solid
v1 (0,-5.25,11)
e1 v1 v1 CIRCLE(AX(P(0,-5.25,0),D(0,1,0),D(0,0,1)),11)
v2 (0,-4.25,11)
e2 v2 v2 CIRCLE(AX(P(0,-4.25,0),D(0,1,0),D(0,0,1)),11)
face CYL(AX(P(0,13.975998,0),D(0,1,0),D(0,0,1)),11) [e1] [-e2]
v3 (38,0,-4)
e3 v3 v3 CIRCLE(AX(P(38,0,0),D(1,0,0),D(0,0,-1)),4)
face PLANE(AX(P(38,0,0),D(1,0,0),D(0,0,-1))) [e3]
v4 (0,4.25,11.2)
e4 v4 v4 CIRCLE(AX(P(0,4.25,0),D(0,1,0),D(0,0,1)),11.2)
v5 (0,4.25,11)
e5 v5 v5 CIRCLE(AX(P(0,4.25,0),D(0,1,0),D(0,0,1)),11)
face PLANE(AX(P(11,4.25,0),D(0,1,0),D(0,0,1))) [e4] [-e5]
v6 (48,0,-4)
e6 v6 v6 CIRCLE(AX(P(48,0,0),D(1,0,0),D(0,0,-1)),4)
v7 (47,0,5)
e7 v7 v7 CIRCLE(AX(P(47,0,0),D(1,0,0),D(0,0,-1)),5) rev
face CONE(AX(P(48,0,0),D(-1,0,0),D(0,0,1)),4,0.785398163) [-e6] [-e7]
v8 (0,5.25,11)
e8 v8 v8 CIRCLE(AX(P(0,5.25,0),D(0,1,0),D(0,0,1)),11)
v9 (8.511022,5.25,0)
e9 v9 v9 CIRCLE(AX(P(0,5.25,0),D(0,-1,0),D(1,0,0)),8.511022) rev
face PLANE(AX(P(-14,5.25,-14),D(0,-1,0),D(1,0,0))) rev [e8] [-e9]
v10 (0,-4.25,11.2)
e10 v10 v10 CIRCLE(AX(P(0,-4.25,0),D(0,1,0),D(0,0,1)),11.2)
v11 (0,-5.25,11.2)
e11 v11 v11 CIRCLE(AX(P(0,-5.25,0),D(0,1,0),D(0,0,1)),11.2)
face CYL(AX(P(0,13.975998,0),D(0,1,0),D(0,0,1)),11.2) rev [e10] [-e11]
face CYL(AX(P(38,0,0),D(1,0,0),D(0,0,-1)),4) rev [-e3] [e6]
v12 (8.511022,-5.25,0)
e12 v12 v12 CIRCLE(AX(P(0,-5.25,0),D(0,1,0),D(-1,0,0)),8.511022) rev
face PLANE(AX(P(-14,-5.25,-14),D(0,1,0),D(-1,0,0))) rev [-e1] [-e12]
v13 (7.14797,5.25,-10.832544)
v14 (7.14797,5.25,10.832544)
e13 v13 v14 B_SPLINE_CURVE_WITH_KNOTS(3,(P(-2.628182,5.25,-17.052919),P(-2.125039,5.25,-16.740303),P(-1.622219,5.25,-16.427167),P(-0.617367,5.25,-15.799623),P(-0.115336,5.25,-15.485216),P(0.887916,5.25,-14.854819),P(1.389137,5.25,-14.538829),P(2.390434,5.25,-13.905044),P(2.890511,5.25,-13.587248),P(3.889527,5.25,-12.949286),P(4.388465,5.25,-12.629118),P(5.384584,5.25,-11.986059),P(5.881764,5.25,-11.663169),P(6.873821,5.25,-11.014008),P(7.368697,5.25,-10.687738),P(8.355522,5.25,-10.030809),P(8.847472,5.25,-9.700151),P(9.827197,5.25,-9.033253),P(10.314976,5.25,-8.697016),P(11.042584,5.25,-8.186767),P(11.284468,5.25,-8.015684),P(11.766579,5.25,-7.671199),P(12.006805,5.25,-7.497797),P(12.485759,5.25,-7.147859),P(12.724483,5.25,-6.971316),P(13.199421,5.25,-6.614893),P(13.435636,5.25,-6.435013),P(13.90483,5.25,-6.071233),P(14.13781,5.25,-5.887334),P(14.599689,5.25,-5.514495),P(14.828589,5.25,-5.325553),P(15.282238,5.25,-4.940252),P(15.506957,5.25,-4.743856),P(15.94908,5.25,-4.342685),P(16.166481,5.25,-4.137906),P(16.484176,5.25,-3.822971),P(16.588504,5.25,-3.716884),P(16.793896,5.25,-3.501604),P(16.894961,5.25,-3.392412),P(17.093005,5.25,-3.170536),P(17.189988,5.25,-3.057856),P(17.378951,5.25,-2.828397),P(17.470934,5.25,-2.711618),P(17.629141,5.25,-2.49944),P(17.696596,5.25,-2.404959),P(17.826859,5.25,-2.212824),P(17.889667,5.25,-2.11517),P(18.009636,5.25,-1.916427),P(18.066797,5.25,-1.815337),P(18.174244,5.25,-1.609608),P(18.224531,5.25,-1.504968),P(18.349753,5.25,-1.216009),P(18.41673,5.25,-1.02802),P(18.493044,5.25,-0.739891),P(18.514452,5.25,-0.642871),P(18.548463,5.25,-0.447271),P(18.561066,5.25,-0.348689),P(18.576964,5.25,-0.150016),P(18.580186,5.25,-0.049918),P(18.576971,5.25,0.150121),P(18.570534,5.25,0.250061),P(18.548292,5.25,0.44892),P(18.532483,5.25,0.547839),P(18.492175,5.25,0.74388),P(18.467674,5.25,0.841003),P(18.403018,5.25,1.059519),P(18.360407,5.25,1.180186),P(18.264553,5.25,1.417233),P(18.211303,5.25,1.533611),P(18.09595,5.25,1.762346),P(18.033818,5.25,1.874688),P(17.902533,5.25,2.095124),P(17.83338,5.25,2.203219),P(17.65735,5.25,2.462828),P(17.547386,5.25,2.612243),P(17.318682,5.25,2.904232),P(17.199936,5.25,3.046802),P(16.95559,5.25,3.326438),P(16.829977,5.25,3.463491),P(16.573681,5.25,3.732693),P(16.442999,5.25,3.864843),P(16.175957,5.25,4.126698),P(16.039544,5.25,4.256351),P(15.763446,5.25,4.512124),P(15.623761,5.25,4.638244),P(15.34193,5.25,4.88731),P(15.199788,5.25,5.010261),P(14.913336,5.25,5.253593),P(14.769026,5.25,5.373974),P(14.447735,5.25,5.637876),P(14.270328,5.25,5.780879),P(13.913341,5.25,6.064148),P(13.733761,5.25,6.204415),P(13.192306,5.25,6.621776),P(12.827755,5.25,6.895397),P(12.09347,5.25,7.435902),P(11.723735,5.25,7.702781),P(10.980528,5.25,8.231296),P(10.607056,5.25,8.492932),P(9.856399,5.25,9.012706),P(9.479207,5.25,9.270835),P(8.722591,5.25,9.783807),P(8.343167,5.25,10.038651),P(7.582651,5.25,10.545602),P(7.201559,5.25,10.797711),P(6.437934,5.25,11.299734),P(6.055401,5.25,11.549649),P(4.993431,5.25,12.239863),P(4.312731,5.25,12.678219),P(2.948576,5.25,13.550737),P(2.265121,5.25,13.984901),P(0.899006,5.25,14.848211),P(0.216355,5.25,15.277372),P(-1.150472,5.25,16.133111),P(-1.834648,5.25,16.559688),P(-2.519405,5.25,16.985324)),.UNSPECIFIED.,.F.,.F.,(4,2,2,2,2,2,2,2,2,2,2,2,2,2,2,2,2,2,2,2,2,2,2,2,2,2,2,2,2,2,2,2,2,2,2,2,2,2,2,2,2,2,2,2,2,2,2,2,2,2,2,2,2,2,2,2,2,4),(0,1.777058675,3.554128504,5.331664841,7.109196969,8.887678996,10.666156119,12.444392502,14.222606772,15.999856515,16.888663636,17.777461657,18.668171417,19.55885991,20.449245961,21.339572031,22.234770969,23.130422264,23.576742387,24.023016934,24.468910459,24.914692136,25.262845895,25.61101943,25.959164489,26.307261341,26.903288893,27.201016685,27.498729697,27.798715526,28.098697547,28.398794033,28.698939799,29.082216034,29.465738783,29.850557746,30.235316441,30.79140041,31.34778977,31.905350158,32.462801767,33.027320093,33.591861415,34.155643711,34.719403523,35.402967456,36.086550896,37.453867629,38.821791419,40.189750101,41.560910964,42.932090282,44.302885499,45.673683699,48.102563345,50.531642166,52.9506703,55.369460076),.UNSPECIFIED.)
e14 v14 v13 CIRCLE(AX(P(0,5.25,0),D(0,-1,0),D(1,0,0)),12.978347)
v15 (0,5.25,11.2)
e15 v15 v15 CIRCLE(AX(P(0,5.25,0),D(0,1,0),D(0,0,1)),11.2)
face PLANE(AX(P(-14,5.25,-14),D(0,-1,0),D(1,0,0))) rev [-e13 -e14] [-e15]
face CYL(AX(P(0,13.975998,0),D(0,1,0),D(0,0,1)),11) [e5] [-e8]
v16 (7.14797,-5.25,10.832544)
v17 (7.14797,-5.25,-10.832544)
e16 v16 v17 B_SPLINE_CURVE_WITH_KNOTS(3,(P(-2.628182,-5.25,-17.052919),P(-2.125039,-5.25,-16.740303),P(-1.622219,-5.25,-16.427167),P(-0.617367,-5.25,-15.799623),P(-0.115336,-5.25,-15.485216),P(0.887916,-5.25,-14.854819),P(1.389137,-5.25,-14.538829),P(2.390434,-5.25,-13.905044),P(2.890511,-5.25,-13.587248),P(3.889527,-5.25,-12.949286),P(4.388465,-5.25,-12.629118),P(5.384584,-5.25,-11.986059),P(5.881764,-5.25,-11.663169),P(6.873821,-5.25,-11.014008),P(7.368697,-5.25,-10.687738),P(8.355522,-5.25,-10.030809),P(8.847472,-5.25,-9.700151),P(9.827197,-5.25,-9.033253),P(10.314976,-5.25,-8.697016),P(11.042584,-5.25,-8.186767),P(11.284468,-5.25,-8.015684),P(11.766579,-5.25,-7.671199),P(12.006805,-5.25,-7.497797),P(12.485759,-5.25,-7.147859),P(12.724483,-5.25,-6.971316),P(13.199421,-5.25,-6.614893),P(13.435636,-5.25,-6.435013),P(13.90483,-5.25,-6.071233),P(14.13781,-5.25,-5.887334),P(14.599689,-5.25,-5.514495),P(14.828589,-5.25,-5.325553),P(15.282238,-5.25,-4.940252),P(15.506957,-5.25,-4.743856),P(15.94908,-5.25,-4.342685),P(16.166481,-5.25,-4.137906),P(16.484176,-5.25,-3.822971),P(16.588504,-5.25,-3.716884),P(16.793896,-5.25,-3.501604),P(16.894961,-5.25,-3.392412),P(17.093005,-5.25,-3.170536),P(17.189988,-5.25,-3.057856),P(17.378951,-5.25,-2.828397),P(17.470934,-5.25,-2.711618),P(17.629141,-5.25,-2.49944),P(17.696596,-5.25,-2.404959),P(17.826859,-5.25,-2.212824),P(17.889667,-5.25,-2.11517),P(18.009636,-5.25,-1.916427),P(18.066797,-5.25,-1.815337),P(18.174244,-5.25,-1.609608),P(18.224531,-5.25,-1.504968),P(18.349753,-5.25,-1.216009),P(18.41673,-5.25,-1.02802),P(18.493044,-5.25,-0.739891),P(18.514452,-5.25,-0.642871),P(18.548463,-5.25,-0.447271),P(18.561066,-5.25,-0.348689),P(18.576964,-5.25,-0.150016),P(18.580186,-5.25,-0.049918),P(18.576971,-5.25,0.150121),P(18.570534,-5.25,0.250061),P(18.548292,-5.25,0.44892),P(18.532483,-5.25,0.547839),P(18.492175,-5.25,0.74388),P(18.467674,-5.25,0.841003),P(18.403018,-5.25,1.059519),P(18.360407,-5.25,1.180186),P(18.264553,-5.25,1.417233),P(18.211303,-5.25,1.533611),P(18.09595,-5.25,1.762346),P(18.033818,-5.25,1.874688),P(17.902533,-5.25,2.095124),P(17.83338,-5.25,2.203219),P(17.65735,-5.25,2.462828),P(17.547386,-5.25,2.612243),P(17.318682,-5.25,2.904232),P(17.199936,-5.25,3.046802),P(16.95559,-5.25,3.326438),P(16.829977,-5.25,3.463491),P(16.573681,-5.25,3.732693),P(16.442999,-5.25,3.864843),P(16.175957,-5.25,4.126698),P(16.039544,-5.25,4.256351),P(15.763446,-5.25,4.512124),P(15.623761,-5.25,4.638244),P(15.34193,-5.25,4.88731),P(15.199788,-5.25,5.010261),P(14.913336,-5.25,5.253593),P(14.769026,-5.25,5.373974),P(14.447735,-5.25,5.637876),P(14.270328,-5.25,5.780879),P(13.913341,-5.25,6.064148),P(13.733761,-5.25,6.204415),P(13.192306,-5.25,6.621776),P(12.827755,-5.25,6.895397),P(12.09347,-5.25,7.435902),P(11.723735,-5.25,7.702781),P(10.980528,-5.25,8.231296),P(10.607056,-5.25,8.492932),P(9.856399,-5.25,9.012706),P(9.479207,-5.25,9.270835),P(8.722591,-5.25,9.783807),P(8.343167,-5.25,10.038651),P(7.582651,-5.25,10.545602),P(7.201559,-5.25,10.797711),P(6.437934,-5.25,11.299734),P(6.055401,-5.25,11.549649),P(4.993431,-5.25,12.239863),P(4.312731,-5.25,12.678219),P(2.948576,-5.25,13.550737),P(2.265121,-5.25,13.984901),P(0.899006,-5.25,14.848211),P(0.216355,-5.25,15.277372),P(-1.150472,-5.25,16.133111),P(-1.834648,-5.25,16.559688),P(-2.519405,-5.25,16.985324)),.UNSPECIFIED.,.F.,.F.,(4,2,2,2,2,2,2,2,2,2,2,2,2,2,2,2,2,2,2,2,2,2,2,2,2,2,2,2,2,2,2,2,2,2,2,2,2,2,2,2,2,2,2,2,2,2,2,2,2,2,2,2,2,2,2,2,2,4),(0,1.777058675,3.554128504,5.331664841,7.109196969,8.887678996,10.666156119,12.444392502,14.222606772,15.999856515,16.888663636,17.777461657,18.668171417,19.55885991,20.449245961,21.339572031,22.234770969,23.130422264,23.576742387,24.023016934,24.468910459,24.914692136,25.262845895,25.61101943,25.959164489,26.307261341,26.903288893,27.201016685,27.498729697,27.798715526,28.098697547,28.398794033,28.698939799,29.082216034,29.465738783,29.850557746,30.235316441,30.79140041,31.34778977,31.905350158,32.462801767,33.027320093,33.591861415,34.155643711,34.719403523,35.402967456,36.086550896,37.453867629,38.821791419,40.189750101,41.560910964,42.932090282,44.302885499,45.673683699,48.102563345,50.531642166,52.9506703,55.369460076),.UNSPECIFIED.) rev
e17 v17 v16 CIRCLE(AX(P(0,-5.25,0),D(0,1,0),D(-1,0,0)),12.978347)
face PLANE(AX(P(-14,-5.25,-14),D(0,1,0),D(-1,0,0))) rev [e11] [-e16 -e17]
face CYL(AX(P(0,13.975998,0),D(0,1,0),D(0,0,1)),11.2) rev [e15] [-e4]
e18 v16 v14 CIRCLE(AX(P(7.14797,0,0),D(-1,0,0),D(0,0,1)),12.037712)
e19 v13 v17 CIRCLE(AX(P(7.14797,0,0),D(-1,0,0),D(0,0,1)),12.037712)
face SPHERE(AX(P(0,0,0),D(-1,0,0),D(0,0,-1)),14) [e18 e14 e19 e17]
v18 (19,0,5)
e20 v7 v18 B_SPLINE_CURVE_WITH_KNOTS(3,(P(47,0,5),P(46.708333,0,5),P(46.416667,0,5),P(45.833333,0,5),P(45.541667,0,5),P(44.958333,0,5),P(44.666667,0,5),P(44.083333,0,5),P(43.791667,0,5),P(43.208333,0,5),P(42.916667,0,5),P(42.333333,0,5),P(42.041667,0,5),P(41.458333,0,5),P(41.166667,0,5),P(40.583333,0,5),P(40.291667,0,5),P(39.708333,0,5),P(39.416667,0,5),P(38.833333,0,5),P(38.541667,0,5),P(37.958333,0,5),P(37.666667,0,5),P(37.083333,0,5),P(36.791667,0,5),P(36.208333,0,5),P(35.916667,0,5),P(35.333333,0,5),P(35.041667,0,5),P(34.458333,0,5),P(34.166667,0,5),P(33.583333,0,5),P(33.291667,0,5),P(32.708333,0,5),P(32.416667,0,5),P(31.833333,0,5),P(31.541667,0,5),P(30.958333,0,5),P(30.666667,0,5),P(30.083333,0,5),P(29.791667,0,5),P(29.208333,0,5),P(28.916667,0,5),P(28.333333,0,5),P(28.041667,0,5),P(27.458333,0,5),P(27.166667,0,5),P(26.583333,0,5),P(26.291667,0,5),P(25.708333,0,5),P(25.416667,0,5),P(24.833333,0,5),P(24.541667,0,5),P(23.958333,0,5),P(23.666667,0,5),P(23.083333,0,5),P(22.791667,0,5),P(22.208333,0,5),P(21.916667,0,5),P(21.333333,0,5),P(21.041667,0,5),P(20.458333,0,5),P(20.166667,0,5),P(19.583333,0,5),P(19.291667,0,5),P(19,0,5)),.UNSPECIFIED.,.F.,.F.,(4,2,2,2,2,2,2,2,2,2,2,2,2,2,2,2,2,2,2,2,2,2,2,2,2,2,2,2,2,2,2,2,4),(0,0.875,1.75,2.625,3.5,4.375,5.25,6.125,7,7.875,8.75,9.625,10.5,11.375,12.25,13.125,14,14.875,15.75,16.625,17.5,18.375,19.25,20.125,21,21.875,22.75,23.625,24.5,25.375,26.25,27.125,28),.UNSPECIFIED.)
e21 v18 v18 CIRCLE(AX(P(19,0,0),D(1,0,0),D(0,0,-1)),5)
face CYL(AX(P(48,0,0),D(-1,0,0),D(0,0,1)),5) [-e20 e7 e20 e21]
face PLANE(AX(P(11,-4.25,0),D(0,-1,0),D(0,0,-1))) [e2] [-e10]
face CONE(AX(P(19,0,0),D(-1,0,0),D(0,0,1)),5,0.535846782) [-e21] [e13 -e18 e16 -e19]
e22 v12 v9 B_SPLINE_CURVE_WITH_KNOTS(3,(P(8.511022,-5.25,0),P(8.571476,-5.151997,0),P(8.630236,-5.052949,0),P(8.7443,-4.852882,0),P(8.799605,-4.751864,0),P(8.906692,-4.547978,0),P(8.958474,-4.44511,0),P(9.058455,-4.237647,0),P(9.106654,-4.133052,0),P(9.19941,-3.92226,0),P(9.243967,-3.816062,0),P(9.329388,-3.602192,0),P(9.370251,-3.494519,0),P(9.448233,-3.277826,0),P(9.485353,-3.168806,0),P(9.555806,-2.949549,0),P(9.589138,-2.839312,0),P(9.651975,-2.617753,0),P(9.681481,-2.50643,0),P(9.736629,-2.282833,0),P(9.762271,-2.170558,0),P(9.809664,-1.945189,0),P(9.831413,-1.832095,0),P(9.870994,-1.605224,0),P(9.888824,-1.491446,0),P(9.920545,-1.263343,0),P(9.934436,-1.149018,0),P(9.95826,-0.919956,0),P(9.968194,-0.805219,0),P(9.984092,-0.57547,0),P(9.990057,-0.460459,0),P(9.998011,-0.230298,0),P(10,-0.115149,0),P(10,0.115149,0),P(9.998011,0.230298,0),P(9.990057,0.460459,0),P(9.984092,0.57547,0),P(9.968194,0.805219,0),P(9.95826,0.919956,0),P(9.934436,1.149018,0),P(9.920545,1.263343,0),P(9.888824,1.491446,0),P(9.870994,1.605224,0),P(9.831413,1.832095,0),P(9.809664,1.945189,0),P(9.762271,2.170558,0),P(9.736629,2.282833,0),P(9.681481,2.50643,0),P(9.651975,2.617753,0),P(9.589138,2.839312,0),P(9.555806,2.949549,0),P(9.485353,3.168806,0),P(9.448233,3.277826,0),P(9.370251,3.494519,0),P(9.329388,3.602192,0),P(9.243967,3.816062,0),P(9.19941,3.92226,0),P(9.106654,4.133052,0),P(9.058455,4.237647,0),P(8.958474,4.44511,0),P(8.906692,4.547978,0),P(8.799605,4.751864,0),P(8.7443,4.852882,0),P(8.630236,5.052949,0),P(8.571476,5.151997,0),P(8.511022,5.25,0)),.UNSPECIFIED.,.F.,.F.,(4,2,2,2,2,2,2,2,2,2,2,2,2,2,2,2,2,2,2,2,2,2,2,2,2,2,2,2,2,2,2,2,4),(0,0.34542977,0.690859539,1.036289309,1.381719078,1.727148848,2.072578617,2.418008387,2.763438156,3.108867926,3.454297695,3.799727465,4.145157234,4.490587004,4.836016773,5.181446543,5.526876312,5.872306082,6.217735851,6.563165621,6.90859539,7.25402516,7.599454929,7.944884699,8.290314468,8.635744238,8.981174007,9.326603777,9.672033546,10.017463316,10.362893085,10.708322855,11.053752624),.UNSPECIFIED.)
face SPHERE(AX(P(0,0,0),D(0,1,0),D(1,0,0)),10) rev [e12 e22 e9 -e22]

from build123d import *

# Parameters (mm, degrees)
CUT_EXTRUDE1_DEPTH      = 28.440845468
CUT_EXTRUDE1_DEPTH_BACK = 28.440845468
SKETCH3_W               = 33
SKETCH3_H               = 8.75
SKETCH4_W               = 0.2
SKETCH4_H               = 1
SKETCH5_R               = 5
BOSS_EXTRUDE1_DEPTH     = 29
CHAMFER1_SIZE           = 1
ESQUISSE1_R             = 4
ENL_V_MAT_EXTRU_1_DEPTH = 10


with BuildPart() as part:
    # Sketch2 → Revolve2 (revolve)
    with BuildSketch(Plane(origin=(0, 0, 0), x_dir=(1, 0, 0), z_dir=(0, 1, 0))):
        with BuildLine():
            Line((7.147970434, 12.037712352), (19, 5))
            Line((19, 5), (19, 0))
            Line((19, 0), (-14, 0))
            ThreePointArc((-14, 0), (-6.925619609, 12.166996056), (7.147970434, 12.037712352))
        make_face()
    revolve(axis=Axis((-39.456415939, 0, 0), (1, 0, 0)))

    # Sketch3 → Cut-Extrude1 (cut, two sides: drawn at the far end of the back side and taken through both)
    with BuildSketch(Plane.XY.offset(-CUT_EXTRUDE1_DEPTH_BACK)):
        with Locations((2.5, 9.625)):
            Rectangle(SKETCH3_W, SKETCH3_H)
        with Locations((2.5, -9.625)):
            Rectangle(SKETCH3_W, SKETCH3_H)
    extrude(amount=CUT_EXTRUDE1_DEPTH + CUT_EXTRUDE1_DEPTH_BACK, mode=Mode.SUBTRACT)

    # Sketch4 → Cut-Revolve1 (revolve, cut)
    with BuildSketch(Plane.XY):
        with BuildLine():
            Line((0, 10), (0, -10))
            ThreePointArc((0, -10), (10, 0), (0, 10))
        make_face()
        with Locations((11.1, 4.75)):
            Rectangle(SKETCH4_W, SKETCH4_H)
        with Locations((11.1, -4.75)):
            Rectangle(SKETCH4_W, SKETCH4_H)
    revolve(axis=Axis((0, 13.975998128, 0), (0, -1, 0)), mode=Mode.SUBTRACT)

    # Sketch5 → Boss-Extrude1 (add)
    with BuildSketch(Plane(origin=(19, 0, 0), x_dir=(0, 0, -1), z_dir=(1, 0, 0))):
        Circle(SKETCH5_R)
    extrude(amount=BOSS_EXTRUDE1_DEPTH)

    # Chamfer1
    chamfer1_edges = [part.edges().sort_by_distance(p)[0] for p in [
        (48, 0, 5),
    ]]
    chamfer(chamfer1_edges, length=CHAMFER1_SIZE)

    # Esquisse1 → Enlèv. mat.-Extru.1 (cut)
    with BuildSketch(Plane(origin=(48, 0, 0), x_dir=(0, 0, -1), z_dir=(1, 0, 0))):
        Circle(ESQUISSE1_R)
    extrude(amount=-ENL_V_MAT_EXTRU_1_DEPTH, mode=Mode.SUBTRACT)


solid = part.part
